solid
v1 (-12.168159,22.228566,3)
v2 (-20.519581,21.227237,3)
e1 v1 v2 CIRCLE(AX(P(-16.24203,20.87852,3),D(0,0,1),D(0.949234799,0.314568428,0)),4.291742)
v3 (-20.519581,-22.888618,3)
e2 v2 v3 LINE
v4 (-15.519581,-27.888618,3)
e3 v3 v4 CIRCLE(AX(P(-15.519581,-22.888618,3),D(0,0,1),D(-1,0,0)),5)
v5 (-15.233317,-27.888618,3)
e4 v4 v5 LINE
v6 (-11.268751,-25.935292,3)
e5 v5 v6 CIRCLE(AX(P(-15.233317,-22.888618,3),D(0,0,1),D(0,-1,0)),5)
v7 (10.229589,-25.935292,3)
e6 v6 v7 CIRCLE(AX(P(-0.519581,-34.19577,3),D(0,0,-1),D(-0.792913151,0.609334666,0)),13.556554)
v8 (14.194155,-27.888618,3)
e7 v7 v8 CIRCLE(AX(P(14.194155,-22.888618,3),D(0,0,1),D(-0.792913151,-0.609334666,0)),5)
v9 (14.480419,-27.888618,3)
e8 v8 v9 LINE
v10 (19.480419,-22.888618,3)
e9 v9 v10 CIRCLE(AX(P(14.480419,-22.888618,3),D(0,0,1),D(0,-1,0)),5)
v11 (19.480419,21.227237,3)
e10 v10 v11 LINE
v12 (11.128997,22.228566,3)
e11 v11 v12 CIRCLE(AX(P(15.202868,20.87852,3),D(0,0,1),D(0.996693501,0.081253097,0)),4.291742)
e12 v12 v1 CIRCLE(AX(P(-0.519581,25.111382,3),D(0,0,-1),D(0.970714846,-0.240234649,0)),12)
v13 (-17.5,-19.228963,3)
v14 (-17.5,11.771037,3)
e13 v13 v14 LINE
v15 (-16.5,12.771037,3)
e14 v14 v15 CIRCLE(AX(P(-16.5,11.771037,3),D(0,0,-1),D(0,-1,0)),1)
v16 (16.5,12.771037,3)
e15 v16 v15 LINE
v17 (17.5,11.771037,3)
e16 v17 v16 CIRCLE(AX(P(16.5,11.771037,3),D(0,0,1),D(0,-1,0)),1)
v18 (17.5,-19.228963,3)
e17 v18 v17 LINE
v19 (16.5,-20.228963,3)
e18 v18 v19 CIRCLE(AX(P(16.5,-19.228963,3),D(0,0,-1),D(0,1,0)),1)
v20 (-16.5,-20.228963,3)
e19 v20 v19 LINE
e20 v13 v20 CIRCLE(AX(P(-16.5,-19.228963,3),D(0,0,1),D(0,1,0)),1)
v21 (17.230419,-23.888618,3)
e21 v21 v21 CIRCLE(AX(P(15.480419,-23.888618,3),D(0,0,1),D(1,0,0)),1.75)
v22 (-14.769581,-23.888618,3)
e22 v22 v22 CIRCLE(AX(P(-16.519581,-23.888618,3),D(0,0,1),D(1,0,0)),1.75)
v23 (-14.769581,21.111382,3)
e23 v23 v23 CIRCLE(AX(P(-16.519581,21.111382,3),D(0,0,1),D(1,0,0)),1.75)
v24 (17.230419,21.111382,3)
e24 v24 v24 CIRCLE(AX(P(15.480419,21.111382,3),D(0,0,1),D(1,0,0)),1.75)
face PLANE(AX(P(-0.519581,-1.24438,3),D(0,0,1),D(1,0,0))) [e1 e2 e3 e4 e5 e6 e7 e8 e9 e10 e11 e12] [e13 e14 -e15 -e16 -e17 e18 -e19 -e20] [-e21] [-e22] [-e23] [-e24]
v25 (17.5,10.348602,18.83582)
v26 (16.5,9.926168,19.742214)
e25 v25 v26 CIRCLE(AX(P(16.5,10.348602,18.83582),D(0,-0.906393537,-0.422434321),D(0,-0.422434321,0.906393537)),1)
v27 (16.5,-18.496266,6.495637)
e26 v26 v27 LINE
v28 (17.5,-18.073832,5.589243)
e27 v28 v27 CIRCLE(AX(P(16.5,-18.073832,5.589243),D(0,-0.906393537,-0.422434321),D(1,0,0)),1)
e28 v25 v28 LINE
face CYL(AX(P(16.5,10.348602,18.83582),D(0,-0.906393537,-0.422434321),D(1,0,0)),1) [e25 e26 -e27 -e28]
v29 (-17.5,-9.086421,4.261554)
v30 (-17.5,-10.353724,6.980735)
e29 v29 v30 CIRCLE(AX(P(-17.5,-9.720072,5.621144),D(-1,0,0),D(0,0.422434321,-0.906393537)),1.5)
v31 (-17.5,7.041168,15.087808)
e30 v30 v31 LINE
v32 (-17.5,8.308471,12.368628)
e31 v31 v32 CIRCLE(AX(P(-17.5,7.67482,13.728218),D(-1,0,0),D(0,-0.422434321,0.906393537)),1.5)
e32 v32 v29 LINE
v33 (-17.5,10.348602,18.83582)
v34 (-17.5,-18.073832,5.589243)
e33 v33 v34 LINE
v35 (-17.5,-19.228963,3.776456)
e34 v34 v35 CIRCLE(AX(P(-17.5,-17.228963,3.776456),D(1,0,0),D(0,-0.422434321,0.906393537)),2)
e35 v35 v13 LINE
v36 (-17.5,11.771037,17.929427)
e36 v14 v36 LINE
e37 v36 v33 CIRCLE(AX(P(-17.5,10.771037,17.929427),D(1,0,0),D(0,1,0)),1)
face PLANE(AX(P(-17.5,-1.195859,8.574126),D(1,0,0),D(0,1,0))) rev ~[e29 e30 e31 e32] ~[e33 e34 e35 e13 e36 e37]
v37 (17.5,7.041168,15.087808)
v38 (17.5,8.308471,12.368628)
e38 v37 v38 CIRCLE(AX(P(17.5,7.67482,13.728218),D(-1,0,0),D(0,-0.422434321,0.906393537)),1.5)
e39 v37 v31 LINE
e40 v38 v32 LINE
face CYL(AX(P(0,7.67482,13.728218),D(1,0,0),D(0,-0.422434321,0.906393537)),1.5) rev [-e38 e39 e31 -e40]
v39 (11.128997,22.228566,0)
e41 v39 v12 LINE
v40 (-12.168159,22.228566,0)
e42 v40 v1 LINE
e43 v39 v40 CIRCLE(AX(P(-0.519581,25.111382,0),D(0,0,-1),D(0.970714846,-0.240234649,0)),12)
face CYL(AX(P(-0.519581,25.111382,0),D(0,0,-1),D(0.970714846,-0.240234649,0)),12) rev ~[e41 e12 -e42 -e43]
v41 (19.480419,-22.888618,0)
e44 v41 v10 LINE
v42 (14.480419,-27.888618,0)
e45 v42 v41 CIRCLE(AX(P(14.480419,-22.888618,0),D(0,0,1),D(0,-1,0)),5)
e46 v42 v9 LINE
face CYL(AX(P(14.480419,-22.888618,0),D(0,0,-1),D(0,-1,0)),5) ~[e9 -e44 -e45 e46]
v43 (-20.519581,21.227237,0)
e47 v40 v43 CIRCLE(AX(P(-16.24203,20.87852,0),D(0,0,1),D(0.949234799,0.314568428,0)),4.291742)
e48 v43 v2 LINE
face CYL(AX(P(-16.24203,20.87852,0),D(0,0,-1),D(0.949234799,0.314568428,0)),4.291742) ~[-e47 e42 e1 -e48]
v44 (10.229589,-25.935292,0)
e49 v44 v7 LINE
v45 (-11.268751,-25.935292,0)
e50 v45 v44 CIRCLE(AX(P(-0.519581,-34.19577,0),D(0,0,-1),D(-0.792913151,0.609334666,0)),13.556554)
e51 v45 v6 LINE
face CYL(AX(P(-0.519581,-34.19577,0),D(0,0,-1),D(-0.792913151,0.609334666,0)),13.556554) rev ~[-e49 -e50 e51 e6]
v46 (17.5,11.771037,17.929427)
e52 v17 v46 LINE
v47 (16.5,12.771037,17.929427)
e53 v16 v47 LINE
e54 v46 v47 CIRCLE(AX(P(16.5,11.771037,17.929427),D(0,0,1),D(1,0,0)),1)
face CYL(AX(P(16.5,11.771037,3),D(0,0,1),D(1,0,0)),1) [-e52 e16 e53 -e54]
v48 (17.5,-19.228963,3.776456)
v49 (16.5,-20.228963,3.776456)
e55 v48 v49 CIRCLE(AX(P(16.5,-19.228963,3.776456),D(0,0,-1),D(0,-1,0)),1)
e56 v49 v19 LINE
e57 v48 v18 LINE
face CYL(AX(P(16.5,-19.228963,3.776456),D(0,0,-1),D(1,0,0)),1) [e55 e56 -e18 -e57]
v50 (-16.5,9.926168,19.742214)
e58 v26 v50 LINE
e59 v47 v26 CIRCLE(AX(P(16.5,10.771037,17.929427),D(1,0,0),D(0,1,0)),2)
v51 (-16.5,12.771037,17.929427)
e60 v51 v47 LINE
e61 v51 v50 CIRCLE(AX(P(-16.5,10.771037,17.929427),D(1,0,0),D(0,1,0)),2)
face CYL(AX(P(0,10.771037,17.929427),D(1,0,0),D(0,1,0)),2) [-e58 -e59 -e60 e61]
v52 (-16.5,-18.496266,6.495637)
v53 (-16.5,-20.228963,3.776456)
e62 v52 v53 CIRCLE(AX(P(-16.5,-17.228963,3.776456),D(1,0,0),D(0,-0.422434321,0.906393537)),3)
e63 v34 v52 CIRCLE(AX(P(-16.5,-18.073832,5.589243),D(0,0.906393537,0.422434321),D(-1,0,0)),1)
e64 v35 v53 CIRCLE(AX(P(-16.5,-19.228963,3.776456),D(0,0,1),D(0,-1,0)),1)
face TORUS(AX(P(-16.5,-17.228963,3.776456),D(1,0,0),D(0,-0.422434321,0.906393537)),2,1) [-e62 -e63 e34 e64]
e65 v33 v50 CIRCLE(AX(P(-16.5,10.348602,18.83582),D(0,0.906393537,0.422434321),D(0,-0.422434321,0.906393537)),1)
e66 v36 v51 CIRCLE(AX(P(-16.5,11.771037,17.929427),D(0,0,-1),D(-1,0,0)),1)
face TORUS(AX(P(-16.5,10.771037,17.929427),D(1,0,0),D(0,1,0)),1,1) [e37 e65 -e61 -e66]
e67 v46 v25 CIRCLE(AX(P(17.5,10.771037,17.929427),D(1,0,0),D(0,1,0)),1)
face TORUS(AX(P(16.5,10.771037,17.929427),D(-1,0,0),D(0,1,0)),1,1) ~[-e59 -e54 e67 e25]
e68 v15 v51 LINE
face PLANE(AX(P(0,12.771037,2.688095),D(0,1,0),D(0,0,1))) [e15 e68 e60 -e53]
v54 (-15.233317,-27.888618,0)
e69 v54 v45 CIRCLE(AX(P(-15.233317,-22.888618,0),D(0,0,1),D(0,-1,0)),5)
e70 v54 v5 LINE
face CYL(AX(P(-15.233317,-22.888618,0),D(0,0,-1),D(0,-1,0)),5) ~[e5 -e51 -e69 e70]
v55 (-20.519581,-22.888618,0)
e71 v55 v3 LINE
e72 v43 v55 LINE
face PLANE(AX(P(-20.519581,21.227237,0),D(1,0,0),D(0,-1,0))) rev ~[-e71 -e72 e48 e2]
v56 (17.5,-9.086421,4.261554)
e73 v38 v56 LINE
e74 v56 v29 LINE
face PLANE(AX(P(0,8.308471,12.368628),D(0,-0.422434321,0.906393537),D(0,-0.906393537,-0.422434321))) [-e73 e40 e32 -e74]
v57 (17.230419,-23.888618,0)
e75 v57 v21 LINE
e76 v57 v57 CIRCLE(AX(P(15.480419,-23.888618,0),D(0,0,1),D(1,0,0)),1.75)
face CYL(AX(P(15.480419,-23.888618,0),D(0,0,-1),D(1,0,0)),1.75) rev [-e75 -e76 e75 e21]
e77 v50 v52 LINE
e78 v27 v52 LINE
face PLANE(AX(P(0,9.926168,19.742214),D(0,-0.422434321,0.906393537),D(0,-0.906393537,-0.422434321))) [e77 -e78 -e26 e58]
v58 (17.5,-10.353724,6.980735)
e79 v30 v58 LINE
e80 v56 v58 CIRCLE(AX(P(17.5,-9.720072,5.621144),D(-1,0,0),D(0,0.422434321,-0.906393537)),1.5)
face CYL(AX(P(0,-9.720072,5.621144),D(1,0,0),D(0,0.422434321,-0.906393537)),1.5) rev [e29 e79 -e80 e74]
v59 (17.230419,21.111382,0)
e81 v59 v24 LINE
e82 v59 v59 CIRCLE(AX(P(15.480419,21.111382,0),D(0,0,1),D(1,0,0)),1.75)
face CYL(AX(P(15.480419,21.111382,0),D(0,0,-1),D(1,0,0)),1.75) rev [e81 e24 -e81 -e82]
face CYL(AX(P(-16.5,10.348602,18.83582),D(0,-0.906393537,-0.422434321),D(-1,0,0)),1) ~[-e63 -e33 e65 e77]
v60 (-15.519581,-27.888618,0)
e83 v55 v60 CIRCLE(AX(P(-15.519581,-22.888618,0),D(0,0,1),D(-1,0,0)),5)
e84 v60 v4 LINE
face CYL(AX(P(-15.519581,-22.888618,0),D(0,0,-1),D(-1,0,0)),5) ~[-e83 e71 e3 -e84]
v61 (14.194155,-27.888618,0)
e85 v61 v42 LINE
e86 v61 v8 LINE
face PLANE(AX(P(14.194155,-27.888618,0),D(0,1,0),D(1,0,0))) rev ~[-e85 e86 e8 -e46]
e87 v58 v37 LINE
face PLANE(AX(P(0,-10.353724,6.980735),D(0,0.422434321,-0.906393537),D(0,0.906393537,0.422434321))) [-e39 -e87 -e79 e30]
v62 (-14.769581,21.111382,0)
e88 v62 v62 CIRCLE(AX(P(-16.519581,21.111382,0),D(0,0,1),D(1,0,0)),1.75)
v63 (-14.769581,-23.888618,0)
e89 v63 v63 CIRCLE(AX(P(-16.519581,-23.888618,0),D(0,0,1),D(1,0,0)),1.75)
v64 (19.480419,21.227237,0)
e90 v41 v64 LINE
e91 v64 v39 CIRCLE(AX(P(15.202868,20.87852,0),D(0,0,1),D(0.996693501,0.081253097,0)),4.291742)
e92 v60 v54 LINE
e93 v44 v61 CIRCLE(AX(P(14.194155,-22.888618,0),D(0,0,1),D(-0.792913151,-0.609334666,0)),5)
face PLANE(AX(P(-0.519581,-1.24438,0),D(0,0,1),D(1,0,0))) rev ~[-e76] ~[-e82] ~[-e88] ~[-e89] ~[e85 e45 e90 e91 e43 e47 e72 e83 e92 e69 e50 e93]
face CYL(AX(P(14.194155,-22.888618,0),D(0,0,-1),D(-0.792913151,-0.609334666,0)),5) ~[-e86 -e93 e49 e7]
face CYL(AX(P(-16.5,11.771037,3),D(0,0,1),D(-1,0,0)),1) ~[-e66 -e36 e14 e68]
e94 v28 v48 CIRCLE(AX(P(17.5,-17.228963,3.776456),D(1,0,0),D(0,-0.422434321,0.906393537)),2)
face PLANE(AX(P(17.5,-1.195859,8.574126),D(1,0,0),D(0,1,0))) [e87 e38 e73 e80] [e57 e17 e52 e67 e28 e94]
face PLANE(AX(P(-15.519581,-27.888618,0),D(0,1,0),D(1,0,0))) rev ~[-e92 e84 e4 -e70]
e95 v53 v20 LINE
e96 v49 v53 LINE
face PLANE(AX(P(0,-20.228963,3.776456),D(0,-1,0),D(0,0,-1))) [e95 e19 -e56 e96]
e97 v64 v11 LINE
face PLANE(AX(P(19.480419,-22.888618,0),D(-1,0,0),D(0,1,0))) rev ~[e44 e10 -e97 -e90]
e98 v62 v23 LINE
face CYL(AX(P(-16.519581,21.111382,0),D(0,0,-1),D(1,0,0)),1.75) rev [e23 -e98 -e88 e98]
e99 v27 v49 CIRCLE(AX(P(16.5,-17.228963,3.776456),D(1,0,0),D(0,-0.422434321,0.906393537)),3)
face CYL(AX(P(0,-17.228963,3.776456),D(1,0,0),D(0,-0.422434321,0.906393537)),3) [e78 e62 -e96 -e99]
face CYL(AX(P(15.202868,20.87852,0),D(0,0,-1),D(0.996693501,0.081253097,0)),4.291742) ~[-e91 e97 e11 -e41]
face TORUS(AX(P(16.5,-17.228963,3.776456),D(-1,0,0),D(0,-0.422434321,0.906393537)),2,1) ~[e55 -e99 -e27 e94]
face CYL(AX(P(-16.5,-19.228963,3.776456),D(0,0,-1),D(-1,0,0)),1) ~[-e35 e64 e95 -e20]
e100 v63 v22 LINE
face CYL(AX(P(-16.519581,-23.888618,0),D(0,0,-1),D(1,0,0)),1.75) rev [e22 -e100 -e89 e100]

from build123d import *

# Parameters (mm, degrees)
F0_R     = 1.75
F1_DEPTH = 3
F3_DEPTH = 17.5
F4_R     = 1


with BuildPart() as f1:
    # F0 (on Top) → F1 (new body)
    with BuildSketch(Plane.XY):
        with BuildLine():
            ThreePointArc((-20.5195807586, -22.8886182085), (-19.0551146645, -26.4241521144), (-15.5195807586, -27.8886182085))
            Line((-15.5195807586, -27.8886182085), (-15.2333166803, -27.8886182085))
            ThreePointArc((-15.2333166803, -27.8886182085), (-13.0234939097, -27.3737807832), (-11.2687509252, -25.9352915373))
            ThreePointArc((-11.2687509252, -25.9352915373), (-0.5195807586, -20.639215731), (10.229589408, -25.9352915373))
            ThreePointArc((10.229589408, -25.9352915373), (11.9843323925, -27.3737807832), (14.1941551632, -27.8886182085))
            Line((14.1941551632, -27.8886182085), (14.4804192414, -27.8886182085))
            ThreePointArc((14.4804192414, -27.8886182085), (18.0159531473, -26.4241521144), (19.4804192414, -22.8886182085))
            Line((19.4804192414, -22.8886182085), (19.4804192414, 21.2272368371))
            ThreePointArc((19.4804192414, 21.2272368371), (15.7137853447, 25.1397413301), (11.1289973993, 22.2285659978))
            ThreePointArc((11.1289973993, 22.2285659978), (-0.5195807586, 13.1113817915), (-12.1681589164, 22.2285659978))
            ThreePointArc((-12.1681589164, 22.2285659978), (-16.7529468618, 25.1397413301), (-20.5195807586, 21.2272368371))
            Line((-20.5195807586, 21.2272368371), (-20.5195807586, -22.8886182085))
        make_face()
        with Locations((-16.5195807586, -23.8886182085)):
            Circle(F0_R, mode=Mode.SUBTRACT)
        with Locations((15.4804192414, -23.8886182085)):
            Circle(F0_R, mode=Mode.SUBTRACT)
        with Locations((-16.5195807586, 21.1113817915)):
            Circle(F0_R, mode=Mode.SUBTRACT)
        with Locations((15.4804192414, 21.1113817915)):
            Circle(F0_R, mode=Mode.SUBTRACT)
    extrude(amount=F1_DEPTH)

    # F2 (on Right) → F3 (join, symmetric)
    with BuildSketch(Plane.YZ):
        with BuildLine():
            Line((-20.2289633453, 3.7764561929), (-20.2289633453, 2.6880949736))
            Line((-20.2289633453, 2.6880949736), (12.7710366547, 2.6880949736))
            Line((12.7710366547, 2.6880949736), (12.7710366547, 17.9294266955))
            ThreePointArc((12.7710366547, 17.9294266955), (11.845807029, 19.6161005355), (9.9261680122, 19.7422137699))
            Line((9.9261680122, 19.7422137699), (-18.4962663091, 6.4956368044))
            ThreePointArc((-18.4962663091, 6.4956368044), (-19.7589741053, 5.3886117543), (-20.2289633453, 3.7764561929))
        make_face()
        with BuildLine():
            Line((-10.3537236473, 6.9807345733), (7.0411683064, 15.0878084597))
            ThreePointArc((7.0411683064, 15.0878084597), (9.0344100941, 14.3618696358), (8.3084712702, 12.3686278481))
            Line((8.3084712702, 12.3686278481), (-9.0864206835, 4.2615539618))
            ThreePointArc((-9.0864206835, 4.2615539618), (-11.0796624712, 4.9874927857), (-10.3537236473, 6.9807345733))
        make_face(mode=Mode.SUBTRACT)
    extrude(amount=F3_DEPTH, both=True)

    # F4
    f4_edges = [f1.edges().sort_by_distance(p)[0] for p in [
        (17.5, -4.285049, 13.118925),
        (-17.5, -4.285049, 13.118925),
    ]]
    fillet(f4_edges, radius=F4_R)


solid = f1.part
